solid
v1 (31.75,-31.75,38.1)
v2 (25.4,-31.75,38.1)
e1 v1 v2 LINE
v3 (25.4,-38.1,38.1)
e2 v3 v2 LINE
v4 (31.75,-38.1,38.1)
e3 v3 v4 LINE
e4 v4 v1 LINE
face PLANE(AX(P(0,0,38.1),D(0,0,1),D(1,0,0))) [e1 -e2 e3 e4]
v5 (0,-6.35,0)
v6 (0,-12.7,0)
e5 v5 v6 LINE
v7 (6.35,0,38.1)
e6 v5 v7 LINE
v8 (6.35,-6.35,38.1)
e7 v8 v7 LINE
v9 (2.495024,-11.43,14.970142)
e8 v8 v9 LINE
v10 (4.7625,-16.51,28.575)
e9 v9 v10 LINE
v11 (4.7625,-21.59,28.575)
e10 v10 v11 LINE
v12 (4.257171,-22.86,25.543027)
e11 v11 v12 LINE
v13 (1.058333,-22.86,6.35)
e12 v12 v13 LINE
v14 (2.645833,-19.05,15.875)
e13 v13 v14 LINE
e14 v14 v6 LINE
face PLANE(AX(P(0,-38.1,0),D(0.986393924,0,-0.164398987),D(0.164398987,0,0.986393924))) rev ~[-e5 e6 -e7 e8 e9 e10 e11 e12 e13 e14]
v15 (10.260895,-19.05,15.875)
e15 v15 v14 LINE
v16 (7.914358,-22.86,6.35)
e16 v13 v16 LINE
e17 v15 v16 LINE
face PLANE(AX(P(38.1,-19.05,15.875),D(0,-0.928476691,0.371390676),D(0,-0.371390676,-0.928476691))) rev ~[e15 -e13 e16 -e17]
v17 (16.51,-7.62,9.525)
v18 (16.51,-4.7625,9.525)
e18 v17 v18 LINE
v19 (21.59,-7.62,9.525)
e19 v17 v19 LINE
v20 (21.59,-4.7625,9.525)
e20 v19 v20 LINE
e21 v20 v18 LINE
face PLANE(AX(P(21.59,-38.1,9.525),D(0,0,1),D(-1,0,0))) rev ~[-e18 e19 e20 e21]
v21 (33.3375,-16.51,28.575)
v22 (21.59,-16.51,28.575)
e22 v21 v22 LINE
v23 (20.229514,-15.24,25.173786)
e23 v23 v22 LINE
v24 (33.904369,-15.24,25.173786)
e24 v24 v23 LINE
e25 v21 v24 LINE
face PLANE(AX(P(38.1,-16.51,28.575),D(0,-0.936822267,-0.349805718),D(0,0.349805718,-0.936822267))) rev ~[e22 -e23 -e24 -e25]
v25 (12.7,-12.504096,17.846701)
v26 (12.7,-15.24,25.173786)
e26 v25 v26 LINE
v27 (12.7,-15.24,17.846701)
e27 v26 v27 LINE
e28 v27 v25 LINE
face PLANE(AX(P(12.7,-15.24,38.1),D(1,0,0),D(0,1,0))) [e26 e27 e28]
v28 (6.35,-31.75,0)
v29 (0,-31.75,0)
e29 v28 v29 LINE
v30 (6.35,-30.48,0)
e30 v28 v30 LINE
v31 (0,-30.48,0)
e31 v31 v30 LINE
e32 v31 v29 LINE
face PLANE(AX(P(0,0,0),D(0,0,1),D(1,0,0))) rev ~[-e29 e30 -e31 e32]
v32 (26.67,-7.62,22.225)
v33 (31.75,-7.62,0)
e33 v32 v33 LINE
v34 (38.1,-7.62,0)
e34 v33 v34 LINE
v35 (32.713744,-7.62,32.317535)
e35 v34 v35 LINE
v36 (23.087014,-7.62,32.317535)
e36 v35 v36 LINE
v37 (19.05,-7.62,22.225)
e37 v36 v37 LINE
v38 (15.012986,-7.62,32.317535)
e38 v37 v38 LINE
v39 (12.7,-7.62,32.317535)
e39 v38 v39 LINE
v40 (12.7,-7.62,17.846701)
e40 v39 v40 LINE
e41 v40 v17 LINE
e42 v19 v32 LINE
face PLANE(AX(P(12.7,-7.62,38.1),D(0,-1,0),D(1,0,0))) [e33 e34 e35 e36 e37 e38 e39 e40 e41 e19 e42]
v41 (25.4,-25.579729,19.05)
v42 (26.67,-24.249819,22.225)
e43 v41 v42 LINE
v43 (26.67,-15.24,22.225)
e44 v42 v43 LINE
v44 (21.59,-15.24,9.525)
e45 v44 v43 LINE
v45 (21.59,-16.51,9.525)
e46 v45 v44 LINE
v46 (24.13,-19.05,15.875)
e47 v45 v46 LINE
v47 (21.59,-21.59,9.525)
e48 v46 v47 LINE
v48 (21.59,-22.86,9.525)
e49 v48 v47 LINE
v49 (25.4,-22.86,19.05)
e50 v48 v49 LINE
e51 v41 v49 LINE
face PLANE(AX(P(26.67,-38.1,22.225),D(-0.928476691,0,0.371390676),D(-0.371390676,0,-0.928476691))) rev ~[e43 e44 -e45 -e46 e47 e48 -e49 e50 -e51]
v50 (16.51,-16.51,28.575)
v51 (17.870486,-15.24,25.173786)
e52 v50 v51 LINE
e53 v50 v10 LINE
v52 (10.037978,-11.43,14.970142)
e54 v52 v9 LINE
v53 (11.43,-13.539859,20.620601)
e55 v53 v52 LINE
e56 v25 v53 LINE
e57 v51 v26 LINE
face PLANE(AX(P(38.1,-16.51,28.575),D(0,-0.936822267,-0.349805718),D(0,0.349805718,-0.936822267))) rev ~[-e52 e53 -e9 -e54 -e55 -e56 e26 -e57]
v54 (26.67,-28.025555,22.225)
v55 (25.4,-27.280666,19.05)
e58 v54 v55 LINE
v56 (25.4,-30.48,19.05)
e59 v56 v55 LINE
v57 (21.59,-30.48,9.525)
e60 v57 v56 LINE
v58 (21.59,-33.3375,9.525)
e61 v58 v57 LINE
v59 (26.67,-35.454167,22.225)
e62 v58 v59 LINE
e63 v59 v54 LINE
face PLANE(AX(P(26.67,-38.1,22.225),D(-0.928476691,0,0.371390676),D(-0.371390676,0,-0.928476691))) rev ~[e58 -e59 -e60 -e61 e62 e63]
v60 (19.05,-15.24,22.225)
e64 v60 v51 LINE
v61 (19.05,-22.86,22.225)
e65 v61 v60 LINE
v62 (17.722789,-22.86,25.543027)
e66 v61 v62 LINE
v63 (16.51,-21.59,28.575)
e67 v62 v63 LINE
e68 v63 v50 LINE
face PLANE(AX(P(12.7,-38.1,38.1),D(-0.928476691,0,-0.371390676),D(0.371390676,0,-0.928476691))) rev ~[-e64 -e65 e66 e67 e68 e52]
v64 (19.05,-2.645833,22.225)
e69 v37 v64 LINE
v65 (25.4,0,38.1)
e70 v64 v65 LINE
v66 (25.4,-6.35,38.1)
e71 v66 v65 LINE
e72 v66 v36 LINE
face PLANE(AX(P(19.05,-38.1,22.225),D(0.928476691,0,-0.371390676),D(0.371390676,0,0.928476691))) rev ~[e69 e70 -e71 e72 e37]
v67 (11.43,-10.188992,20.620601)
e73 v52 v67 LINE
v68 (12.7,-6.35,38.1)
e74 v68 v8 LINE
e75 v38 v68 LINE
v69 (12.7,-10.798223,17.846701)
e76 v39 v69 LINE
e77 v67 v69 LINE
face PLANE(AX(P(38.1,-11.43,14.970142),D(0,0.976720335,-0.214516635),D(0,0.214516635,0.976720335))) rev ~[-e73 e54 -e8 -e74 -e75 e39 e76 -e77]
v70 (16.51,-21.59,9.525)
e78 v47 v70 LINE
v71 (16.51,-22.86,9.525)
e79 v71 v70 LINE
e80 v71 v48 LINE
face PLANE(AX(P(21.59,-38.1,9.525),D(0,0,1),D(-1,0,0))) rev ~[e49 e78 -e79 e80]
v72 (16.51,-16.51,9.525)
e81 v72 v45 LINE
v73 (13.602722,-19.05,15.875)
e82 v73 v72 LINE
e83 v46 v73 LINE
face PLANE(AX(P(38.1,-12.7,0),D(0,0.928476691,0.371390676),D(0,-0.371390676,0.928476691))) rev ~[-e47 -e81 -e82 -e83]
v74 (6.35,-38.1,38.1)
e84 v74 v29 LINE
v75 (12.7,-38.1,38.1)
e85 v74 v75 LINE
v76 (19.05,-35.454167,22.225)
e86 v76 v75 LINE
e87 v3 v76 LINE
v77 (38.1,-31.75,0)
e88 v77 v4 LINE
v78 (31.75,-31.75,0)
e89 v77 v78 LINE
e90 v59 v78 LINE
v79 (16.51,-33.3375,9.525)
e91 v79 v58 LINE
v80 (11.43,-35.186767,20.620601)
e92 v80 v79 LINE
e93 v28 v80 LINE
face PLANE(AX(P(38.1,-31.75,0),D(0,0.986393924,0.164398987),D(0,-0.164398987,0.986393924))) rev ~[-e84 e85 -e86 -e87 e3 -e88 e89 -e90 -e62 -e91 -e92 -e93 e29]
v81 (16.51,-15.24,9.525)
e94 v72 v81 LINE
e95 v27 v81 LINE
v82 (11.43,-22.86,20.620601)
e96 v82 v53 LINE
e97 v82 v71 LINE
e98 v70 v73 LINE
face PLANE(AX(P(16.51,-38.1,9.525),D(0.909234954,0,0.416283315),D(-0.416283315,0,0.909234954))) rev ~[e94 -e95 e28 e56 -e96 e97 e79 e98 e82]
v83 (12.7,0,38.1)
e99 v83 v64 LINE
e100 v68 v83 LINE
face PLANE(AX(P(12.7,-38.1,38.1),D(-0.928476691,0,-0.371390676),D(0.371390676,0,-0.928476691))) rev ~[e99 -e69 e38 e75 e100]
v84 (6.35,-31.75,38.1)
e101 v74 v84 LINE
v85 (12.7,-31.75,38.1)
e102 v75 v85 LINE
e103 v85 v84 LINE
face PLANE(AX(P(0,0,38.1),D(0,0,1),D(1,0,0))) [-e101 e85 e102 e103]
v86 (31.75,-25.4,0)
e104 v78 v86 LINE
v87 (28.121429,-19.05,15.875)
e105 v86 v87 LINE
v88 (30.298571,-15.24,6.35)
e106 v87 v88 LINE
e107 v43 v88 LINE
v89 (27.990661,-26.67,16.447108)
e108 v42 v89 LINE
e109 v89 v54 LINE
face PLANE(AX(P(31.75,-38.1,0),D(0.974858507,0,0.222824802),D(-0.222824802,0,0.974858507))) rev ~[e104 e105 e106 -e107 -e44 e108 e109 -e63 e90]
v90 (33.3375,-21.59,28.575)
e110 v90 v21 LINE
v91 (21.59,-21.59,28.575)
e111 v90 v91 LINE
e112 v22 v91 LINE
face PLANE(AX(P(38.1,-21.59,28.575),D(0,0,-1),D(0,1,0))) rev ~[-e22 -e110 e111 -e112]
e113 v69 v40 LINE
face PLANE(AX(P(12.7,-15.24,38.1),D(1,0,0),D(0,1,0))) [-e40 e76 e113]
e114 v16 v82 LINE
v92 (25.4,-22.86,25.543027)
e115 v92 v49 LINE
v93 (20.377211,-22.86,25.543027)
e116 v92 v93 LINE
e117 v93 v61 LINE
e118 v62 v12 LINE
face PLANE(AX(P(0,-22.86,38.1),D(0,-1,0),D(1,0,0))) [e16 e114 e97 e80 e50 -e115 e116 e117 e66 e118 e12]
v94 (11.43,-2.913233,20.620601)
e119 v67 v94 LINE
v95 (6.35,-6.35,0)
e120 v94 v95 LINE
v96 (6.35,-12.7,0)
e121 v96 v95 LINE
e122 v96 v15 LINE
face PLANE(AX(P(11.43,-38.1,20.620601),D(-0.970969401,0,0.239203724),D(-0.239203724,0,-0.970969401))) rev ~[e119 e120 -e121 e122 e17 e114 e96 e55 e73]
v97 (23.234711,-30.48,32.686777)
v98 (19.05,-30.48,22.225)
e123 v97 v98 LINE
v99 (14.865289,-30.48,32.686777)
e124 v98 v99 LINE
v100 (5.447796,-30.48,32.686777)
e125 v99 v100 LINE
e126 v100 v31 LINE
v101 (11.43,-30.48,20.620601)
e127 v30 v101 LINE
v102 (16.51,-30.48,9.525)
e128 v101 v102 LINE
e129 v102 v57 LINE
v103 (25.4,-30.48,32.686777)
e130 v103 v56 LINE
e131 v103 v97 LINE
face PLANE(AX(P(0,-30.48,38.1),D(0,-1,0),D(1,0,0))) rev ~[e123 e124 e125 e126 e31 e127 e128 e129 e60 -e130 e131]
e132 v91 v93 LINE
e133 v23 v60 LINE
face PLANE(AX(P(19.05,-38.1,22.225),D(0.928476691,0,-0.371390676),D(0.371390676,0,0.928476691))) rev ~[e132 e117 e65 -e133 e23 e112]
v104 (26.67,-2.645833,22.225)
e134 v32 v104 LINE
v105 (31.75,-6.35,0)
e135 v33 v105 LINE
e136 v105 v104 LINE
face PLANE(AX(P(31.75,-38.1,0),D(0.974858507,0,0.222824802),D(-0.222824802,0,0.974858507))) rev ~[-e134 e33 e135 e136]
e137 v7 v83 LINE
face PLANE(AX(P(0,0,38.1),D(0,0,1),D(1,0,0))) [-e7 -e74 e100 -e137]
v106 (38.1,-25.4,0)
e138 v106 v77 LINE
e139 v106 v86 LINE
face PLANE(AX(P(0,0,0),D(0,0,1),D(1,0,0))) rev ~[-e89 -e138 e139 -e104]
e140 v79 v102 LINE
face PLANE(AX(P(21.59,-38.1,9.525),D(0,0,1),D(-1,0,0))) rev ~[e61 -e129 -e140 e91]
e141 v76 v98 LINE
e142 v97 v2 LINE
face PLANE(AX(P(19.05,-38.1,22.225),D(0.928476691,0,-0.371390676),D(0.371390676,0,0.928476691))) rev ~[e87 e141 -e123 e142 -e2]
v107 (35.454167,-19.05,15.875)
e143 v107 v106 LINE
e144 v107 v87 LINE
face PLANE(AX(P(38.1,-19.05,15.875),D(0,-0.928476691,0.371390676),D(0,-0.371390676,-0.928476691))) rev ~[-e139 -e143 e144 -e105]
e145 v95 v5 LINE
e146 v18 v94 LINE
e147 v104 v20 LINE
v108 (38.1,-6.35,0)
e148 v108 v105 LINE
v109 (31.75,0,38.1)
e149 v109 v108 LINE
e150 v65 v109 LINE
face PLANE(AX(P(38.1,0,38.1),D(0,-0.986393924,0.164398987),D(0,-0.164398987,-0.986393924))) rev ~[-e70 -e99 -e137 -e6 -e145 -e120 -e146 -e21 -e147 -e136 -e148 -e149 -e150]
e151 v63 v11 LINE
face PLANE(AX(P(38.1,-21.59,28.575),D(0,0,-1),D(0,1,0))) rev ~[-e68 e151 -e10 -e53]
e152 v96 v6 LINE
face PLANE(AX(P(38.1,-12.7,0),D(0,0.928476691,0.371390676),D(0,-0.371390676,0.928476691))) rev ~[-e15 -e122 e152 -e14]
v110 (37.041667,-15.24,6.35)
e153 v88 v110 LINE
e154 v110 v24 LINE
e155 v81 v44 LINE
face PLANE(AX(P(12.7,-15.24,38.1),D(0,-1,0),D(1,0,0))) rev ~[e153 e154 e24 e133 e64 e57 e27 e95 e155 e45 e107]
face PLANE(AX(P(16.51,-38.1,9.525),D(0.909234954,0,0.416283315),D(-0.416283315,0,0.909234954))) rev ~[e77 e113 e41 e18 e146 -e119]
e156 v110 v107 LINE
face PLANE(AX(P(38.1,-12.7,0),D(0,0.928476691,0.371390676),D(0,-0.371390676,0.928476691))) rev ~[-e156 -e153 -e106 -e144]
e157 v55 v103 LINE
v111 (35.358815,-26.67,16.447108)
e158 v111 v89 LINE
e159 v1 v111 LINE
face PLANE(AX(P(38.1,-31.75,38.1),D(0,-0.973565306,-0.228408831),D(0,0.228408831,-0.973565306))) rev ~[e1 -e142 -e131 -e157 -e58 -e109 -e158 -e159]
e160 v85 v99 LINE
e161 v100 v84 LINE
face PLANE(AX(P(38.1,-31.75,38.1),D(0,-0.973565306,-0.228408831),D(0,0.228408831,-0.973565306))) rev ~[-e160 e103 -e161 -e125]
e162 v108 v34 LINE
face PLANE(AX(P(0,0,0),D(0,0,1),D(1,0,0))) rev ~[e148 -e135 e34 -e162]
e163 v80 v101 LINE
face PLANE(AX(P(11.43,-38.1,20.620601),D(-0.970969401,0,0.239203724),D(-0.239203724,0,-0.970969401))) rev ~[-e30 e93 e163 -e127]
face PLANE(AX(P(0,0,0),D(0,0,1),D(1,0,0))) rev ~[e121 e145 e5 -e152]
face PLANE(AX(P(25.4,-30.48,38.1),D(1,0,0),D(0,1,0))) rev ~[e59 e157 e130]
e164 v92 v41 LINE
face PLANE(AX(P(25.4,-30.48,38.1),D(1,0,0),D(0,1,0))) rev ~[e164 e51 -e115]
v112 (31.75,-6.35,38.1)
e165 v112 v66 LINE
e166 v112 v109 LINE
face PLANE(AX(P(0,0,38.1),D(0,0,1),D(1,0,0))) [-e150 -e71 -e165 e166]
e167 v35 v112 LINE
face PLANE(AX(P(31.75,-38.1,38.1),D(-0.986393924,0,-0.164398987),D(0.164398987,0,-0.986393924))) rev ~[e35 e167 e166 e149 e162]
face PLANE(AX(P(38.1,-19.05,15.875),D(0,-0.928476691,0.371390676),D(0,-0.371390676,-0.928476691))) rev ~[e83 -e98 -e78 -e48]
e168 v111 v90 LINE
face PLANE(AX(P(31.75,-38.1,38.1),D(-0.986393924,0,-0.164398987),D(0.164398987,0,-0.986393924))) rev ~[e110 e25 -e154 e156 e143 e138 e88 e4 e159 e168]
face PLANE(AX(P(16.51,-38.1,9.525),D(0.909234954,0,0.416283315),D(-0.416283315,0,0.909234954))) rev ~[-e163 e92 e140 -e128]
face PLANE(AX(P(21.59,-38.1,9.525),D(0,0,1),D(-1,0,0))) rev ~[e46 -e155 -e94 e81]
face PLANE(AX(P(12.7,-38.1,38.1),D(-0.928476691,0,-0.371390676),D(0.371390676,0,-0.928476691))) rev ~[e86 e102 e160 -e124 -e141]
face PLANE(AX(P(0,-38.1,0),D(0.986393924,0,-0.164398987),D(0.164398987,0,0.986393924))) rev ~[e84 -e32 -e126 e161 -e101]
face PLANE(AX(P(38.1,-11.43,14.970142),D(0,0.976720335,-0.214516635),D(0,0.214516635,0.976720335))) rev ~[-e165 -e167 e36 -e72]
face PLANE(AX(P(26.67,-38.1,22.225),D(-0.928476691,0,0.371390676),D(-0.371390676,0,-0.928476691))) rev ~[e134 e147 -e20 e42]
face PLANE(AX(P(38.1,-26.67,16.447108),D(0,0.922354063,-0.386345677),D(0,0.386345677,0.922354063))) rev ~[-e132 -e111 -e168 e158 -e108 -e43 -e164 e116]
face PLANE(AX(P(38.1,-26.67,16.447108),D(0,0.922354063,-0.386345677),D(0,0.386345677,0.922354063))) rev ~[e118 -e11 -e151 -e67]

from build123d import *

# Parameters (mm, degrees)
F0_W      = 38.1
F0_H      = 38.1
F1_DEPTH  = 38.1
F6_DEPTH  = 38.1
F8_DEPTH  = 38.1
F9_W      = 25.4
F9_H      = 7.62
F10_DEPTH = 38.1


with BuildPart() as f1:
    # F0 (on Front) → F1 (new body)
    with BuildSketch(Plane.XZ):
        with Locations((19.05, 19.05)):
            Rectangle(F0_W, F0_H)
    extrude(amount=F1_DEPTH)

    # F5 (on offset) → F6 (cut)
    with BuildSketch(Plane.YZ.offset(38.1)):
        Polygon((-31.75, 0), (-38.1, 38.1), (-38.1, 0), align=None)
        Polygon((-11.43, 14.970142), (-6.35, 38.1), (-31.75, 38.1), (-26.67, 16.447108), (-21.59, 28.575), (-16.51, 28.575), align=None)
        Polygon((-25.4, 0), (-12.7, 0), (-19.05, 15.875), align=None)
        Polygon((-6.35, 0), (0, 0), (0, 38.1), align=None)
    extrude(amount=-F6_DEPTH, mode=Mode.SUBTRACT)

    # F7 (on offset) → F8 (cut)
    with BuildSketch(Plane.XZ.offset(38.1)):
        Polygon((0, 38.1), (0, 0), (6.35, 38.1), align=None)
        Polygon((25.4, 38.1), (12.7, 38.1), (19.05, 22.225), align=None)
        Polygon((11.43, 20.620601), (6.35, 0), (31.75, 0), (26.67, 22.225), (21.59, 9.525), (16.51, 9.525), align=None)
        Polygon((31.75, 38.1), (38.1, 0), (38.1, 38.1), align=None)
    extrude(amount=-F8_DEPTH, mode=Mode.SUBTRACT)

    # F9 (on offset) → F10 (cut)
    with BuildSketch(Plane.XY.offset(38.1)):
        with Locations((25.4, -11.43)):
            Rectangle(F9_W, F9_H)
        with Locations((12.7, -26.67)):
            Rectangle(F9_W, F9_H)
    extrude(amount=-F10_DEPTH, mode=Mode.SUBTRACT)


solid = f1.part
